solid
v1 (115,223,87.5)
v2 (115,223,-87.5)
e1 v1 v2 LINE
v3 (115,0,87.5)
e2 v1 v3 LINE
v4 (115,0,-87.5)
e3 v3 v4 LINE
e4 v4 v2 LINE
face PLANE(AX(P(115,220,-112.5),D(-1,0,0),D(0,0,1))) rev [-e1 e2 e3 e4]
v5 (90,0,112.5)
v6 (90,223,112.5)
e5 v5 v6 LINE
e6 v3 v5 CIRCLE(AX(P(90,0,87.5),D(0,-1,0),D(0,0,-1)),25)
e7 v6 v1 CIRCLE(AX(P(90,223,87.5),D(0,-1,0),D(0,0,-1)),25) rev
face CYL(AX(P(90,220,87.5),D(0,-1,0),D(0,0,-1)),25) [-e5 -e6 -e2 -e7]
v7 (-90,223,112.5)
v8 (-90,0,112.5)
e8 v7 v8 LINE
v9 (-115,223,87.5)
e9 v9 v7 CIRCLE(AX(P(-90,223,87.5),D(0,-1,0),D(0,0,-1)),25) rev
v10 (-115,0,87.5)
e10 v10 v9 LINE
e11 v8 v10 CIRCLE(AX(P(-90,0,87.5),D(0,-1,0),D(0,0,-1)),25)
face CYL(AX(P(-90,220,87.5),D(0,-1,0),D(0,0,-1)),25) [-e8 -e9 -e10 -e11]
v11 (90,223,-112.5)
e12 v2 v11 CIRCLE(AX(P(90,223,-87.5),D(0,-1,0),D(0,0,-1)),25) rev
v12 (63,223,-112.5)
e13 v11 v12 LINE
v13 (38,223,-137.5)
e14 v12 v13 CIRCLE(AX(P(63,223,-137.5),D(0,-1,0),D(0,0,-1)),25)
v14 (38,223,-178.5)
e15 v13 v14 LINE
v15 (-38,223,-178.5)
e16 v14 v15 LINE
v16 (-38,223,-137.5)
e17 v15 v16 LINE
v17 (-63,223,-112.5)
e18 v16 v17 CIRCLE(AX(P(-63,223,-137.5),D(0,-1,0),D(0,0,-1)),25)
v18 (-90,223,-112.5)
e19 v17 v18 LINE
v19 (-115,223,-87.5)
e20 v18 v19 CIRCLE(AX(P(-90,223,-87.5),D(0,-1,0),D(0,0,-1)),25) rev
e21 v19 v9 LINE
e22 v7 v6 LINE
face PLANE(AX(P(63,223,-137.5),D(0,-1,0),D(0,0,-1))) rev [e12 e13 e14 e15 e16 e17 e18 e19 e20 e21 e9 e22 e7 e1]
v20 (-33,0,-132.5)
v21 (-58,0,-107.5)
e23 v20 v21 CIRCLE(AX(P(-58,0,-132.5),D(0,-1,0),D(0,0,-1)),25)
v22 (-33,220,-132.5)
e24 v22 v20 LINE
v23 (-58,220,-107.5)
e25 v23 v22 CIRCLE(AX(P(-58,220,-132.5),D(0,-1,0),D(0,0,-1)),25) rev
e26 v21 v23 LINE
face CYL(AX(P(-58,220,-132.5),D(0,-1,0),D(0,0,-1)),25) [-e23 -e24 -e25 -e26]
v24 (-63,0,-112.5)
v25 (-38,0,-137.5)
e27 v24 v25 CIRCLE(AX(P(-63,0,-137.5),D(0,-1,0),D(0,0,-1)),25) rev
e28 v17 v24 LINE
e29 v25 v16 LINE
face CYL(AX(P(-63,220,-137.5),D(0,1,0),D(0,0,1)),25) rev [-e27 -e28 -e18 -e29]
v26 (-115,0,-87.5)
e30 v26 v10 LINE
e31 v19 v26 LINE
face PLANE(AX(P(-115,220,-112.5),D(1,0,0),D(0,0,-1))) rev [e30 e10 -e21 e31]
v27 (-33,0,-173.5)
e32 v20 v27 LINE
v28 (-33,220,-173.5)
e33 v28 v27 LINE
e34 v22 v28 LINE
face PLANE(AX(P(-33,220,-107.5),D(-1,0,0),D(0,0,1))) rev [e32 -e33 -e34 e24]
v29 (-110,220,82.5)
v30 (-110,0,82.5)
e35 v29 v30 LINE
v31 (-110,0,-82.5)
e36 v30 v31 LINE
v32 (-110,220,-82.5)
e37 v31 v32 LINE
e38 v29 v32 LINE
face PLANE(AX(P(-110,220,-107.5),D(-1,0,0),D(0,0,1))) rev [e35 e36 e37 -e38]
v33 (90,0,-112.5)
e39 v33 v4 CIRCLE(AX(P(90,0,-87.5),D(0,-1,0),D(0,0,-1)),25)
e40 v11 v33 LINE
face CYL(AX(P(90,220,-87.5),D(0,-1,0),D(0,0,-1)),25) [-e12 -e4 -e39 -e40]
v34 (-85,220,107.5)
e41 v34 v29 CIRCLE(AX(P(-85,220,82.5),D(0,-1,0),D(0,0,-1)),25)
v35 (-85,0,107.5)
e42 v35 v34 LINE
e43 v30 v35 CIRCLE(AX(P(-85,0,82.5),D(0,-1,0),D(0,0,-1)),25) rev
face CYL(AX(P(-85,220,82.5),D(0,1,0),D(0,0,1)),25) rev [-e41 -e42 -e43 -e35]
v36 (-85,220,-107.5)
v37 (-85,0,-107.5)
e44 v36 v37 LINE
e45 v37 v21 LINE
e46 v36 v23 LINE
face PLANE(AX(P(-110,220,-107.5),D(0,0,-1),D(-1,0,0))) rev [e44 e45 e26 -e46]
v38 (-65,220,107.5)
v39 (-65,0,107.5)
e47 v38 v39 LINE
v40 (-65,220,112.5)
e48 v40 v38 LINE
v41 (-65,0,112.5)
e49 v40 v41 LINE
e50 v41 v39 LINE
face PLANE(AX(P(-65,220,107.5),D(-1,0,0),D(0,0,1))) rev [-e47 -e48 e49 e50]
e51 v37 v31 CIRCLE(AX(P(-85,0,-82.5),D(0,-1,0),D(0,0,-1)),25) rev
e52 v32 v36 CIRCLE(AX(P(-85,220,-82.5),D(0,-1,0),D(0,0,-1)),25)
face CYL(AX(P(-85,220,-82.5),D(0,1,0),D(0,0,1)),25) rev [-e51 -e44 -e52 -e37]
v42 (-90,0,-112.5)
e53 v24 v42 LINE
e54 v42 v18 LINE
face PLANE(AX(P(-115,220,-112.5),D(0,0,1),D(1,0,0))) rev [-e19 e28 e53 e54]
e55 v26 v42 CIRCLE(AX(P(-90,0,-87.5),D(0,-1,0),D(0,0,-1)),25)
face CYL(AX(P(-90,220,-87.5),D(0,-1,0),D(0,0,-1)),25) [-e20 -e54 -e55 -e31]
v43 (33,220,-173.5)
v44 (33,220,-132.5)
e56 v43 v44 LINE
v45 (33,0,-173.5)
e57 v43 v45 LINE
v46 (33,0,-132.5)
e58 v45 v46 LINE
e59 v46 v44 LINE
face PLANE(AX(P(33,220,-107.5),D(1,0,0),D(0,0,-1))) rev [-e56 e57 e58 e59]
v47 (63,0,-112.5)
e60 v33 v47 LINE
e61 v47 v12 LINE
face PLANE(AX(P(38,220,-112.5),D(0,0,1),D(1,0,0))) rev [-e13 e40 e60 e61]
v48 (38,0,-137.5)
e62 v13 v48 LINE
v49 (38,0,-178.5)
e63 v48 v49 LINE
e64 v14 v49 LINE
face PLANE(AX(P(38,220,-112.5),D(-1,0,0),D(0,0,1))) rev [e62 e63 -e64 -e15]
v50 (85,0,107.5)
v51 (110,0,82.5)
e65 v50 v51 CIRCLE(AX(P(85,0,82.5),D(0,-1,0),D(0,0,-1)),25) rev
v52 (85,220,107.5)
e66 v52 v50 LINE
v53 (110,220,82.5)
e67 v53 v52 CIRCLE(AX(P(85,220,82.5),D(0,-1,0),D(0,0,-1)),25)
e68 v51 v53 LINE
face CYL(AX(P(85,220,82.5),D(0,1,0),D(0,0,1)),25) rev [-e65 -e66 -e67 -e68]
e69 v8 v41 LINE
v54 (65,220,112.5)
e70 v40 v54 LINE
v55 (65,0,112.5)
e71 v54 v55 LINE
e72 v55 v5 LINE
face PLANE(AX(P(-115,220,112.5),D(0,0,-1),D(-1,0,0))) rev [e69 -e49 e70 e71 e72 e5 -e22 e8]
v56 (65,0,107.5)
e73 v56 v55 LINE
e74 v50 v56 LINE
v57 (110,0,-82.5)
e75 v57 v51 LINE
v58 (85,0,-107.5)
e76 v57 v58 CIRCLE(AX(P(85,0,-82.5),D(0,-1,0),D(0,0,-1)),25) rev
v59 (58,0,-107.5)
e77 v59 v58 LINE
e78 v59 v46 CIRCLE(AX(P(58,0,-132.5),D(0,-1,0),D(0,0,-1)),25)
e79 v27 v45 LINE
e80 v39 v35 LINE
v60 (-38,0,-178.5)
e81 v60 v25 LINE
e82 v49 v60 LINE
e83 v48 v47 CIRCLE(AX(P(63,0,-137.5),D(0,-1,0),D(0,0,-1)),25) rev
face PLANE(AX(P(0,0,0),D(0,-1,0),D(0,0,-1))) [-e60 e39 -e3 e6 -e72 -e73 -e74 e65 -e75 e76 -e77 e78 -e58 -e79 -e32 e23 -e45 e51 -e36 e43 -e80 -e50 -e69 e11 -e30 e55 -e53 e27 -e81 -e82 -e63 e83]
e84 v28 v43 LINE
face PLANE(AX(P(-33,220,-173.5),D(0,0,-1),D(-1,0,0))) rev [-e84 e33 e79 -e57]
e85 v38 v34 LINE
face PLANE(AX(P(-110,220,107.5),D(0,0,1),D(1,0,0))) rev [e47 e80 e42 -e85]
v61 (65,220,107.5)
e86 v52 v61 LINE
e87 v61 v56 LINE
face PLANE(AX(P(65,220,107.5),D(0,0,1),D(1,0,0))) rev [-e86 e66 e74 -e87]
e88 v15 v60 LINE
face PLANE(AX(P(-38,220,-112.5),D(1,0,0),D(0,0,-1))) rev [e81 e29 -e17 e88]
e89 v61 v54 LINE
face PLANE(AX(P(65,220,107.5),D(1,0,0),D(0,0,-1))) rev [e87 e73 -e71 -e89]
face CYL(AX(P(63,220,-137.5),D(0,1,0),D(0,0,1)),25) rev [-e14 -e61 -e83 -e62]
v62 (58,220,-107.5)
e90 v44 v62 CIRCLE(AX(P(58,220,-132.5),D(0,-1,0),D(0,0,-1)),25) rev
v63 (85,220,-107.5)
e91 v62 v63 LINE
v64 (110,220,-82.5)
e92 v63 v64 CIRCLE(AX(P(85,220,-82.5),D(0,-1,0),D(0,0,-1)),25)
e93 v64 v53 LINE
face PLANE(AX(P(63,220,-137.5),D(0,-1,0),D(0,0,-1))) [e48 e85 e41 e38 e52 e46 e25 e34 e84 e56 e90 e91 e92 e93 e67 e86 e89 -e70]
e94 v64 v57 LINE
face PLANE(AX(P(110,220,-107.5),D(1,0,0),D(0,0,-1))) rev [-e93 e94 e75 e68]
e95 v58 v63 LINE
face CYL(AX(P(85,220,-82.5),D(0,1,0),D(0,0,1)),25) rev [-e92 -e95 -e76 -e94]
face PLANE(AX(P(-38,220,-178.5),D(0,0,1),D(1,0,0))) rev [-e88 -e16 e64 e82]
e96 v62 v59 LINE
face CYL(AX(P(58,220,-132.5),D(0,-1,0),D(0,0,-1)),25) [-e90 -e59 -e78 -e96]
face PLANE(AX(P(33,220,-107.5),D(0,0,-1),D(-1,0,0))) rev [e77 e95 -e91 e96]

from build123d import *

# Parameters (mm, degrees)
BOSS_EXTRUDE1_DEPTH = 220
FILLET1_R           = 25
BOSS_EXTRUDE2_START = 3
BOSS_EXTRUDE2_DEPTH = 3
FILLET2_R           = 25


with BuildPart() as part:
    # Sketch1 → Boss-Extrude1 (new body)
    with BuildSketch(Plane(origin=(0, 0, 0), x_dir=(1, 0, 0), z_dir=(0, 1, 0))):
        Polygon((33, 107.5), (110, 107.5), (110, -107.5), (65, -107.5), (65, -112.5), (115, -112.5), (115, 112.5), (38, 112.5), (38, 178.5), (-38, 178.5), (-38, 112.5), (-115, 112.5), (-115, -112.5), (-65, -112.5), (-65, -107.5), (-110, -107.5), (-110, 107.5), (-33, 107.5), (-33, 173.5), (33, 173.5), align=None)
    extrude(amount=BOSS_EXTRUDE1_DEPTH)

    # Fillet1
    fillet1_edges = [part.edges().sort_by_distance(p)[0] for p in [
        (33, 110, -107.5),
        (-33, 110, -107.5),
        (-38, 110, -112.5),
        (38, 110, -112.5),
    ]]
    fillet(fillet1_edges, radius=FILLET1_R)

    # Sketch2 → Boss-Extrude2 (add)
    with BuildSketch(Plane(origin=(0, 220, 0), x_dir=(1, 0, 0), z_dir=(0, 1, 0)).offset(BOSS_EXTRUDE2_START)):
        with BuildLine():
            Line((-115, -112.5), (115, -112.5))
            Line((115, -112.5), (115, 112.5))
            Line((115, 112.5), (63, 112.5))
            ThreePointArc((63, 112.5), (45.32233047, 119.82233047), (38, 137.5))
            Line((38, 137.5), (38, 178.5))
            Line((38, 178.5), (-38, 178.5))
            Line((-38, 178.5), (-38, 137.5))
            ThreePointArc((-38, 137.5), (-45.32233047, 119.82233047), (-63, 112.5))
            Line((-63, 112.5), (-115, 112.5))
            Line((-115, 112.5), (-115, -112.5))
        make_face()
    extrude(amount=-BOSS_EXTRUDE2_DEPTH)

    # Fillet2
    fillet2_edges = [part.edges().sort_by_distance(p)[0] for p in [
        (110, 110, 107.5),
        (110, 110, -107.5),
        (-110, 110, -107.5),
        (-110, 110, 107.5),
        (-115, 111.5, 112.5),
        (-115, 111.5, -112.5),
        (115, 111.5, -112.5),
        (115, 111.5, 112.5),
    ]]
    fillet(fillet2_edges, radius=FILLET2_R)


solid = part.part
